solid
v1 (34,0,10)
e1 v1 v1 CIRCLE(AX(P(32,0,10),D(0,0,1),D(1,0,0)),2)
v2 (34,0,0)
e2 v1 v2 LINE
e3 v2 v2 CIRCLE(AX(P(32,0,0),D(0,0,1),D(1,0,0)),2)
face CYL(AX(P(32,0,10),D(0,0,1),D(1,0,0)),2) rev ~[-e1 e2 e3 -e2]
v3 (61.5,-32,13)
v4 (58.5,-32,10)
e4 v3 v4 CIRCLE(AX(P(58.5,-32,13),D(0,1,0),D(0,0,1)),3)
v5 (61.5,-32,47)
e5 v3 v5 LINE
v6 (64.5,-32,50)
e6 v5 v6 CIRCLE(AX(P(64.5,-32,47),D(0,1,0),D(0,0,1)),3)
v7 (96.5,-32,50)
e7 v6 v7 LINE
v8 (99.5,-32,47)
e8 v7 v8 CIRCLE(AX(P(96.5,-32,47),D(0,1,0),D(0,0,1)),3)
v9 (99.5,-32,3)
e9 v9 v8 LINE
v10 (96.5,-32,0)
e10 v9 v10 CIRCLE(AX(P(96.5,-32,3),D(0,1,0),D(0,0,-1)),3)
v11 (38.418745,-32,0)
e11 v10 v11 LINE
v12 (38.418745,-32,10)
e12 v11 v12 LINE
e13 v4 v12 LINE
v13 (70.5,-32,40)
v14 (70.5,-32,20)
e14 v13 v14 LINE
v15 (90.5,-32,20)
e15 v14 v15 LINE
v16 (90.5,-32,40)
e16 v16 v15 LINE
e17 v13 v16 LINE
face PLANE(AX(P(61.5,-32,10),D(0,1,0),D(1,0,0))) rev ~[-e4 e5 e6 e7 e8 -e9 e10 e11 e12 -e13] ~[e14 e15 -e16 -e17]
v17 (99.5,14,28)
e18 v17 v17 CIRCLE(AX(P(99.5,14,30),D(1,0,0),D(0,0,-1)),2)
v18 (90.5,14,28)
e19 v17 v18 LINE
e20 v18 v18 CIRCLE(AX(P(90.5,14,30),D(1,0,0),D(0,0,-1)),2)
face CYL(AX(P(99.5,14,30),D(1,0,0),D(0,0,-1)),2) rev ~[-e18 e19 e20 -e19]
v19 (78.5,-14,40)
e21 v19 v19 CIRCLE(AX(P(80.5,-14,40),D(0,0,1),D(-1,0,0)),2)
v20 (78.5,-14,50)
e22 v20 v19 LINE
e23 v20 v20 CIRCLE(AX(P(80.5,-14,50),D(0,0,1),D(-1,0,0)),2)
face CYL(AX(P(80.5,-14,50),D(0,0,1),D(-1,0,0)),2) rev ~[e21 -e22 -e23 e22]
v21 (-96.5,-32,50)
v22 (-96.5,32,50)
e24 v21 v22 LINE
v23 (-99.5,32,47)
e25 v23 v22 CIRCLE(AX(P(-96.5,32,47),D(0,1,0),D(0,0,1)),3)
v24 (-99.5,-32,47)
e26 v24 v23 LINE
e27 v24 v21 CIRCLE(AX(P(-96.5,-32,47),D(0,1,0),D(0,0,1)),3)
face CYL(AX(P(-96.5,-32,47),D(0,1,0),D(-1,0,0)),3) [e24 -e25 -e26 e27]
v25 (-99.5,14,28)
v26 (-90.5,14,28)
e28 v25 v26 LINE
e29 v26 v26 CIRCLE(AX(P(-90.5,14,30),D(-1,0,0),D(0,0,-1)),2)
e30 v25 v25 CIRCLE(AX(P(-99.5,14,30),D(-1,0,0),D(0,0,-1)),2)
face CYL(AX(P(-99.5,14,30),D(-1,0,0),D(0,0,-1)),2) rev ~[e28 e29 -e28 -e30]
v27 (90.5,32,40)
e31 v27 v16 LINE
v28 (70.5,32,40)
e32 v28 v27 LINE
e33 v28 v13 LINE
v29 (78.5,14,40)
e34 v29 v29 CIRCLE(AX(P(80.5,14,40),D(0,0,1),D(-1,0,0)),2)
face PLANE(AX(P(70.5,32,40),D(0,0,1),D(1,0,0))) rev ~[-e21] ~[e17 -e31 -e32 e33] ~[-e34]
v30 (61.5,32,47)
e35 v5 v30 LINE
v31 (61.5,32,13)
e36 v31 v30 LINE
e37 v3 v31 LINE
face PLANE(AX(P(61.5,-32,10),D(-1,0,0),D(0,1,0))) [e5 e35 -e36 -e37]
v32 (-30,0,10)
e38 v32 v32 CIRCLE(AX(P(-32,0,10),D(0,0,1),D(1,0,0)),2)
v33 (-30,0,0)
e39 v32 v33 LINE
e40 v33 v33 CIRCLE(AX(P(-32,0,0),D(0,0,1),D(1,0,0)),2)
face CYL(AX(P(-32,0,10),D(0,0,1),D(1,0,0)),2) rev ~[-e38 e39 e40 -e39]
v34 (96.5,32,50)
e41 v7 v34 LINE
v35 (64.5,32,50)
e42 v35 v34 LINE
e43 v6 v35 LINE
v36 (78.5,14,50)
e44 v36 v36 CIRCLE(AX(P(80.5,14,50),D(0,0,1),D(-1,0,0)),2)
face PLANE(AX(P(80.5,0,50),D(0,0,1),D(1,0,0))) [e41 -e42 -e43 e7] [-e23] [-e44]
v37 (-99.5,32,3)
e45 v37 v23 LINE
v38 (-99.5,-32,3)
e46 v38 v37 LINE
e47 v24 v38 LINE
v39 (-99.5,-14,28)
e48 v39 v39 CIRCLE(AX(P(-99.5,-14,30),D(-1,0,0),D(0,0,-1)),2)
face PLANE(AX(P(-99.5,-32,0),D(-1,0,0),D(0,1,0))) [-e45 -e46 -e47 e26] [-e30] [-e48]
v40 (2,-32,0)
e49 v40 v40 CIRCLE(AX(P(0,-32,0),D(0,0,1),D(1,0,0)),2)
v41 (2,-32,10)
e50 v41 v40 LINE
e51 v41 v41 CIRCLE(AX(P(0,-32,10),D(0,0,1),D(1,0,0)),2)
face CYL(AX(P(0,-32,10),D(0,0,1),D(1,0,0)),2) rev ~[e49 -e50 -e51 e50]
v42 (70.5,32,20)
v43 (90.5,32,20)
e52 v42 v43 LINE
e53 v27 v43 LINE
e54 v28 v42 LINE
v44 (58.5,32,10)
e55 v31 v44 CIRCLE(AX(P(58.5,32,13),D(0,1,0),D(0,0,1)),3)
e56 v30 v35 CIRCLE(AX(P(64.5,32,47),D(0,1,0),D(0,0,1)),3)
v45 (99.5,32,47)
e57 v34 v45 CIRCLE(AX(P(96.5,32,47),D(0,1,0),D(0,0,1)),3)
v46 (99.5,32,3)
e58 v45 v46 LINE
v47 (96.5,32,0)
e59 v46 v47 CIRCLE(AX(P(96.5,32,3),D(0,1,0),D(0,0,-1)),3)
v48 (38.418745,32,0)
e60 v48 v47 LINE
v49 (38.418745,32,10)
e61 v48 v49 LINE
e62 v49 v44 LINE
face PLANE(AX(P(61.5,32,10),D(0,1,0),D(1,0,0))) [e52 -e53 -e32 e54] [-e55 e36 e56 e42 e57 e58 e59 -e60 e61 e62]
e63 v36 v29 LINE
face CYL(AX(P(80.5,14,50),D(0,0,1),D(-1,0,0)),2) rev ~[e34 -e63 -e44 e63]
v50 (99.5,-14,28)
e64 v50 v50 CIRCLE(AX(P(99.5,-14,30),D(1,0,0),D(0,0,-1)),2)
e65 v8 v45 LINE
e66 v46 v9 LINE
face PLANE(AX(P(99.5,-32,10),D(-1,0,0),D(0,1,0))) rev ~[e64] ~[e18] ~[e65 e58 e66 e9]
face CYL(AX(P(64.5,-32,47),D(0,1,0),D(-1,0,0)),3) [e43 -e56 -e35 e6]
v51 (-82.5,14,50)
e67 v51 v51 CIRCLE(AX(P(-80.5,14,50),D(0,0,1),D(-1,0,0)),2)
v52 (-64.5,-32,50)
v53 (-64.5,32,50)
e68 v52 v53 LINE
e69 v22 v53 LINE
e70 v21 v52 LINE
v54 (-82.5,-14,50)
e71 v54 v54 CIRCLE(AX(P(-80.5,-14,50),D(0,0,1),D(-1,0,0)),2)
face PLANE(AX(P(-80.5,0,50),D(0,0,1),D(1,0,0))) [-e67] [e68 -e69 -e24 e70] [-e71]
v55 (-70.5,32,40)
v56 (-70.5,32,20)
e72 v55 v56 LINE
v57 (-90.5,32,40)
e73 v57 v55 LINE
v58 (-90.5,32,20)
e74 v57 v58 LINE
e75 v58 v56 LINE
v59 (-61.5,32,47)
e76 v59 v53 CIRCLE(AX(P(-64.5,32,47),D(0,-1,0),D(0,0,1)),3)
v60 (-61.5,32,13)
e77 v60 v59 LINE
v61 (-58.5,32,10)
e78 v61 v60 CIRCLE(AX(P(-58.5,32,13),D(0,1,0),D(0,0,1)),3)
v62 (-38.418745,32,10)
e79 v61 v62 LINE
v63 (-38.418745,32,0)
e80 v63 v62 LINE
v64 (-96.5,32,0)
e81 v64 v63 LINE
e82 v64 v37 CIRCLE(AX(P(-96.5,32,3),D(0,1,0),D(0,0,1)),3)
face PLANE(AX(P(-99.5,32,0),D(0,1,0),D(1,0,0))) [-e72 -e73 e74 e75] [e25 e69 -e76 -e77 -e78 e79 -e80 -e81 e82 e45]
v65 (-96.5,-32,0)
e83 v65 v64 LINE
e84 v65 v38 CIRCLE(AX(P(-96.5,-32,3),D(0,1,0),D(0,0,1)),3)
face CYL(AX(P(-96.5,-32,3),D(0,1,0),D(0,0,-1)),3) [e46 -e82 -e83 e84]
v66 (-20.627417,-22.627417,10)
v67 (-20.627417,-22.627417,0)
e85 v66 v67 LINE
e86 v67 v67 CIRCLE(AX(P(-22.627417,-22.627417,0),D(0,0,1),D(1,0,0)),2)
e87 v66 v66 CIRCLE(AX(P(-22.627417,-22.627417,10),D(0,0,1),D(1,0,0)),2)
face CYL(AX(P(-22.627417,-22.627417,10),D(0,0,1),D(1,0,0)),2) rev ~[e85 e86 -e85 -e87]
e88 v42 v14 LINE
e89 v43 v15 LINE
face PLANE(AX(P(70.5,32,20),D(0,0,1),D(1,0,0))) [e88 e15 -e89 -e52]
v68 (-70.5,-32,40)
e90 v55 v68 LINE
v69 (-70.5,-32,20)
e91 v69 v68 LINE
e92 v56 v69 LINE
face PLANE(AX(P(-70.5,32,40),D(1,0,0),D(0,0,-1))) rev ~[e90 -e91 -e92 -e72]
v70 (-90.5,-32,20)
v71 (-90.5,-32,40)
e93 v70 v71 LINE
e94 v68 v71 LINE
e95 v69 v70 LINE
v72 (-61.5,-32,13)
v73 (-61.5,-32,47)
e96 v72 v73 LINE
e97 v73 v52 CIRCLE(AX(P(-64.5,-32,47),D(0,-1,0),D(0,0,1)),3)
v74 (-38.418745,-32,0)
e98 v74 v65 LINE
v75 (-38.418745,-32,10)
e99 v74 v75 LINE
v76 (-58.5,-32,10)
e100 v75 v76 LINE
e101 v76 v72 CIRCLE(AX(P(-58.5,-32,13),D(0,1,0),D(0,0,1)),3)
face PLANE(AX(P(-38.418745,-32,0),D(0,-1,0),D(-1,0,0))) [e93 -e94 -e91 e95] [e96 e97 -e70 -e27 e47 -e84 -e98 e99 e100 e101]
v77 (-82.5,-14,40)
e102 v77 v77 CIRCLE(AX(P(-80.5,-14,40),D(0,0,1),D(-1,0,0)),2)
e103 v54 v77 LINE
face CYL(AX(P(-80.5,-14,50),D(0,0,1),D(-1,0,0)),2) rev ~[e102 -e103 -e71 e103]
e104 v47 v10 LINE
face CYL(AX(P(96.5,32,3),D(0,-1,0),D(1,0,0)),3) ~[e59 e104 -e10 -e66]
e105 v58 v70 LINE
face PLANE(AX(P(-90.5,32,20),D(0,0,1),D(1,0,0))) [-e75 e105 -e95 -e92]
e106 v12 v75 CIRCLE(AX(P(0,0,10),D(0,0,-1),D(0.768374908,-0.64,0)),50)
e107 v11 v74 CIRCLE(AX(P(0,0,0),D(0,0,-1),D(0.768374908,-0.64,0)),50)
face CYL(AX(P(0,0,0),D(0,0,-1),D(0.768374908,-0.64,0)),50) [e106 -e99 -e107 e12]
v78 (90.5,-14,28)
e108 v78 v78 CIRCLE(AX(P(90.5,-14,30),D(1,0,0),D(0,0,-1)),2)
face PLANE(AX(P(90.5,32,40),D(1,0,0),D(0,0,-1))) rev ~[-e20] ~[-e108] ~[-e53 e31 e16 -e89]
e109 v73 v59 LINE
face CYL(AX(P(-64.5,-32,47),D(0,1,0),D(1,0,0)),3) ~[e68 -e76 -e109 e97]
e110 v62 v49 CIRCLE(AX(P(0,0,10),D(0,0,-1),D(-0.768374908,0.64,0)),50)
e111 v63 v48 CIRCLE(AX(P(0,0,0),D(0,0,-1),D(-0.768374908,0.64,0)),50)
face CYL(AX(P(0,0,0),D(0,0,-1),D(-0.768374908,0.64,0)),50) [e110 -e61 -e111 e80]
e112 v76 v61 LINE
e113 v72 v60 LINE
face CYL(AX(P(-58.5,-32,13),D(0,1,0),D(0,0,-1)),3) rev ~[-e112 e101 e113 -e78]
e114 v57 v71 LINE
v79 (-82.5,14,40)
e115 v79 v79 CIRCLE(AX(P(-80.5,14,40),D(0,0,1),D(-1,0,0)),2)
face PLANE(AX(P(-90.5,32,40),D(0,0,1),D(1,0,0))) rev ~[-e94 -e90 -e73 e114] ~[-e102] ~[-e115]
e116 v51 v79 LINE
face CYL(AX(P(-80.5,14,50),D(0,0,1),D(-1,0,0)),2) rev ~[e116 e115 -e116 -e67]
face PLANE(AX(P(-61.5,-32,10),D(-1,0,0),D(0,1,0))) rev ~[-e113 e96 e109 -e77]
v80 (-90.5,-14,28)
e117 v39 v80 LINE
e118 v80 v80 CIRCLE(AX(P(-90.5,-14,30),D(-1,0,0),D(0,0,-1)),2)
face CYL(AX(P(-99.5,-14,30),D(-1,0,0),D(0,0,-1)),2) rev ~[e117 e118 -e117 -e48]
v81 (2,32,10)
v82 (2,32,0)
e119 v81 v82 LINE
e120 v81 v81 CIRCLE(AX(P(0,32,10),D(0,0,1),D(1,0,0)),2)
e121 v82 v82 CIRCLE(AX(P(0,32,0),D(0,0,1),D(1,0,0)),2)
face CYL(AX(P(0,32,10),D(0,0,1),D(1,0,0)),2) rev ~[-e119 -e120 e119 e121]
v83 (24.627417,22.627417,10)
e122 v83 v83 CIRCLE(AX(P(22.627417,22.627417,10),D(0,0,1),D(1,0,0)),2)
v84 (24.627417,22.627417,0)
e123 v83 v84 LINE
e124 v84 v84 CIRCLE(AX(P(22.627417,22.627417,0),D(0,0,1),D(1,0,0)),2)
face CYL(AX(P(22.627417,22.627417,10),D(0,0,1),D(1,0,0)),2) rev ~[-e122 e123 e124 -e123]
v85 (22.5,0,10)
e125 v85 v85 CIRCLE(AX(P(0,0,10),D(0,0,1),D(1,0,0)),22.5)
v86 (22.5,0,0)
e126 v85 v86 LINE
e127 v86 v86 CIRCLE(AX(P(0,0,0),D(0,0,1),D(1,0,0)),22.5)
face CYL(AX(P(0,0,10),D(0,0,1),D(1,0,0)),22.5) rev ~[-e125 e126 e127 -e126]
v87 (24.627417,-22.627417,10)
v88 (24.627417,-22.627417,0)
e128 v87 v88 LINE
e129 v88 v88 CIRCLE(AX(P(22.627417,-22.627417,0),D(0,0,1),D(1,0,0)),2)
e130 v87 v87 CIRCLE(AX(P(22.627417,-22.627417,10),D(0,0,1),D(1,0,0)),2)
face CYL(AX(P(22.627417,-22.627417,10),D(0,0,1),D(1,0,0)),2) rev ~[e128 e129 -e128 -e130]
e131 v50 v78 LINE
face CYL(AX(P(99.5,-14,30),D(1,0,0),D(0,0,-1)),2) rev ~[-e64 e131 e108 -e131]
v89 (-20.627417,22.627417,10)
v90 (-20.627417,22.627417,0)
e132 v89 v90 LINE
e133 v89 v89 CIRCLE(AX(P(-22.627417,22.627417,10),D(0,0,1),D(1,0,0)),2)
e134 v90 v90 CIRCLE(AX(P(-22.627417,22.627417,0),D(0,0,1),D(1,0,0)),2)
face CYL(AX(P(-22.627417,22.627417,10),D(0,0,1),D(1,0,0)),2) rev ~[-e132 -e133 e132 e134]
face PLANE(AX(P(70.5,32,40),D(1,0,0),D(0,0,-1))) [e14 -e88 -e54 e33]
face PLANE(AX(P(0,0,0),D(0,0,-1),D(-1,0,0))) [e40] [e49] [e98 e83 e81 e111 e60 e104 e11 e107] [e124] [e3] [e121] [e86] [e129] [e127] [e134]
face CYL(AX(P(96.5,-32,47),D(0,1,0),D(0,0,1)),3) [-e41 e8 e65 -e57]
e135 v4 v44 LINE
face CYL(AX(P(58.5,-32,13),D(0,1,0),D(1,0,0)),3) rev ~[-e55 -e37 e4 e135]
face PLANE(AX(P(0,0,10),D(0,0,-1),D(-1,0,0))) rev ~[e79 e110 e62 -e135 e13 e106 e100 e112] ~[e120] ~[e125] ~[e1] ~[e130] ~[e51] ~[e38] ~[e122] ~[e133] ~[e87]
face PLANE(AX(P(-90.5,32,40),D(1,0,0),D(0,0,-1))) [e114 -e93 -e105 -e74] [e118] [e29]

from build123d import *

# Parameters (mm, degrees)
BOSS_EXTRUDE1_DEPTH            = 10
SKETCH2_R                      = 22.5
CUT_EXTRUDE1_DEPTH             = 112.804516903
SKETCH3_R                      = 2
CUT_EXTRUDE2_DEPTH             = 112.804516903
SKETCH5_W                      = 38
SKETCH5_H                      = 64
BOSS_EXTRUDE2_DEPTH            = 40
SKETCH6_W                      = 20
SKETCH6_H                      = 20
CUT_EXTRUDE3_DEPTH             = 139.290455202
CUT_EXTRUDE4_REACH             = 124.067
SKETCH8_R                      = 2
CUT_EXTRUDE4_DIRECTION_2_DEPTH = 123.066580193
CUT_EXTRUDE5_REACH             = 213.189
SKETCH9_R                      = 2
CUT_EXTRUDE6_REACH             = 213.189
SKETCH10_R                     = 2
FILLET1_R                      = 3
FILLET2_R                      = 3
FILLET3_R                      = 3


with BuildPart() as part:
    # Sketch1 → Boss-Extrude1 (new body)
    with BuildSketch(Plane.XY):
        with BuildLine():
            Line((38.418745425, 32), (99.5, 32))
            Line((99.5, 32), (99.5, -32))
            Line((99.5, -32), (38.418745425, -32))
            ThreePointArc((38.418745425, -32), (0, -50), (-38.418745425, -32))
            Line((-38.418745425, -32), (-99.5, -32))
            Line((-99.5, -32), (-99.5, 32))
            Line((-99.5, 32), (-38.418745425, 32))
            ThreePointArc((-38.418745425, 32), (0, 50), (38.418745425, 32))
        make_face()
    extrude(amount=BOSS_EXTRUDE1_DEPTH)

    # Sketch2 → Cut-Extrude1 (cut, through all)
    with BuildSketch(Plane.XY.offset(10)):
        Circle(SKETCH2_R)
    extrude(amount=-CUT_EXTRUDE1_DEPTH, mode=Mode.SUBTRACT)

    # Sketch3 → Cut-Extrude2 (cut, through all)
    with BuildSketch(Plane.XY.offset(10)):
        with Locations((32, 0)):
            Circle(SKETCH3_R)
        with Locations((22.627416998, -22.627416998)):
            Circle(SKETCH3_R)
        with Locations((0, -32)):
            Circle(SKETCH3_R)
        with Locations((-22.627416998, -22.627416998)):
            Circle(SKETCH3_R)
        with Locations((-32, 0)):
            Circle(SKETCH3_R)
        with Locations((-22.627416998, 22.627416998)):
            Circle(SKETCH3_R)
        with Locations((0, 32)):
            Circle(SKETCH3_R)
        with Locations((22.627416998, 22.627416998)):
            Circle(SKETCH3_R)
    extrude(amount=-CUT_EXTRUDE2_DEPTH, mode=Mode.SUBTRACT)

    # Sketch5 → Boss-Extrude2 (add)
    with BuildSketch(Plane.XY.offset(10)):
        with Locations((80.5, 0)):
            Rectangle(SKETCH5_W, SKETCH5_H)
        with Locations((-80.5, 0)):
            Rectangle(SKETCH5_W, SKETCH5_H)
    extrude(amount=BOSS_EXTRUDE2_DEPTH)

    # Sketch6 → Cut-Extrude3 (cut, through all)
    with BuildSketch(Plane(origin=(0, 32, 0), x_dir=(1, 0, 0), z_dir=(0, 1, 0))):
        with Locations((80.5, -30)):
            Rectangle(SKETCH6_W, SKETCH6_H)
        with Locations((-80.5, -30)):
            Rectangle(SKETCH6_W, SKETCH6_H)
    extrude(amount=-CUT_EXTRUDE3_DEPTH, mode=Mode.SUBTRACT)

    # Sketch8 → Cut-Extrude4 (cut, up to next)
    with BuildSketch(Plane.XY.offset(50), mode=Mode.PRIVATE) as cut_extrude4_sk1:
        with Locations(Location((80.5, 14, 0), (0, 0, 180))):
            Circle(SKETCH8_R)
    cut_extrude4_tool1 = extrude(cut_extrude4_sk1.sketch, amount=-CUT_EXTRUDE4_REACH, mode=Mode.PRIVATE) & part.part
    # Sketch8 → Cut-Extrude4 (cut, up to next)
    with BuildSketch(Plane.XY.offset(50), mode=Mode.PRIVATE) as cut_extrude4_sk2:
        with Locations(Location((80.5, -14, 0), (0, 0, 180))):
            Circle(SKETCH8_R)
    cut_extrude4_tool2 = extrude(cut_extrude4_sk2.sketch, amount=-CUT_EXTRUDE4_REACH, mode=Mode.PRIVATE) & part.part
    # Sketch8 → Cut-Extrude4 (cut, up to next)
    with BuildSketch(Plane.XY.offset(50), mode=Mode.PRIVATE) as cut_extrude4_sk3:
        with Locations(Location((-80.5, -14, 0), (0, 0, 180))):
            Circle(SKETCH8_R)
    cut_extrude4_tool3 = extrude(cut_extrude4_sk3.sketch, amount=-CUT_EXTRUDE4_REACH, mode=Mode.PRIVATE) & part.part
    # Sketch8 → Cut-Extrude4 (cut, up to next)
    with BuildSketch(Plane.XY.offset(50), mode=Mode.PRIVATE) as cut_extrude4_sk4:
        with Locations(Location((-80.5, 14, 0), (0, 0, 180))):
            Circle(SKETCH8_R)
    cut_extrude4_tool4 = extrude(cut_extrude4_sk4.sketch, amount=-CUT_EXTRUDE4_REACH, mode=Mode.PRIVATE) & part.part
    add(cut_extrude4_tool1.solids().sort_by_distance((80.5, 14, 50))[0], mode=Mode.SUBTRACT)
    add(cut_extrude4_tool2.solids().sort_by_distance((80.5, -14, 50))[0], mode=Mode.SUBTRACT)
    add(cut_extrude4_tool3.solids().sort_by_distance((-80.5, -14, 50))[0], mode=Mode.SUBTRACT)
    add(cut_extrude4_tool4.solids().sort_by_distance((-80.5, 14, 50))[0], mode=Mode.SUBTRACT)

    # Sketch8 → Cut-Extrude4 direction 2 (cut)
    with BuildSketch(Plane.XY.offset(50)):
        with Locations(Location((80.5, 14, 0), (0, 0, 180))):
            Circle(SKETCH8_R)
        with Locations(Location((80.5, -14, 0), (0, 0, 180))):
            Circle(SKETCH8_R)
        with Locations(Location((-80.5, -14, 0), (0, 0, 180))):
            Circle(SKETCH8_R)
        with Locations(Location((-80.5, 14, 0), (0, 0, 180))):
            Circle(SKETCH8_R)
    extrude(amount=CUT_EXTRUDE4_DIRECTION_2_DEPTH, mode=Mode.SUBTRACT)

    # Sketch9 → Cut-Extrude5 (cut, up to next)
    with BuildSketch(Plane(origin=(99.5, 0, 0), x_dir=(0, 0, -1), z_dir=(1, 0, 0)), mode=Mode.PRIVATE) as cut_extrude5_sk1:
        with Locations((-30, 14)):
            Circle(SKETCH9_R)
    cut_extrude5_tool1 = extrude(cut_extrude5_sk1.sketch, amount=-CUT_EXTRUDE5_REACH, mode=Mode.PRIVATE) & part.part
    # Sketch9 → Cut-Extrude5 (cut, up to next)
    with BuildSketch(Plane(origin=(99.5, 0, 0), x_dir=(0, 0, -1), z_dir=(1, 0, 0)), mode=Mode.PRIVATE) as cut_extrude5_sk2:
        with Locations((-30, -14)):
            Circle(SKETCH9_R)
    cut_extrude5_tool2 = extrude(cut_extrude5_sk2.sketch, amount=-CUT_EXTRUDE5_REACH, mode=Mode.PRIVATE) & part.part
    add(cut_extrude5_tool1.solids().sort_by_distance((99.5, 14, 30))[0], mode=Mode.SUBTRACT)
    add(cut_extrude5_tool2.solids().sort_by_distance((99.5, -14, 30))[0], mode=Mode.SUBTRACT)

    # Sketch10 → Cut-Extrude6 (cut, up to next)
    with BuildSketch(Plane.ZY.offset(99.5), mode=Mode.PRIVATE) as cut_extrude6_sk1:
        with Locations(Location((30, 14, 0), (0, 0, 180))):
            Circle(SKETCH10_R)
    cut_extrude6_tool1 = extrude(cut_extrude6_sk1.sketch, amount=-CUT_EXTRUDE6_REACH, mode=Mode.PRIVATE) & part.part
    # Sketch10 → Cut-Extrude6 (cut, up to next)
    with BuildSketch(Plane.ZY.offset(99.5), mode=Mode.PRIVATE) as cut_extrude6_sk2:
        with Locations(Location((30, -14, 0), (0, 0, 180))):
            Circle(SKETCH10_R)
    cut_extrude6_tool2 = extrude(cut_extrude6_sk2.sketch, amount=-CUT_EXTRUDE6_REACH, mode=Mode.PRIVATE) & part.part
    add(cut_extrude6_tool1.solids().sort_by_distance((-99.5, 14, 30))[0], mode=Mode.SUBTRACT)
    add(cut_extrude6_tool2.solids().sort_by_distance((-99.5, -14, 30))[0], mode=Mode.SUBTRACT)

    # Fillet1
    fillet1_edges = [part.edges().sort_by_distance(p)[0] for p in [
        (61.5, 0, 10),
        (-61.5, 0, 10),
    ]]
    fillet(fillet1_edges, radius=FILLET1_R)

    # Fillet2
    fillet2_edges = [part.edges().sort_by_distance(p)[0] for p in [
        (99.5, 0, 50),
        (61.5, 0, 50),
        (-61.5, 0, 50),
        (-99.5, 0, 50),
    ]]
    fillet(fillet2_edges, radius=FILLET2_R)

    # Fillet3
    fillet3_edges = [part.edges().sort_by_distance(p)[0] for p in [
        (99.5, 0, 0),
        (-99.5, 0, 0),
    ]]
    fillet(fillet3_edges, radius=FILLET3_R)


solid = part.part
